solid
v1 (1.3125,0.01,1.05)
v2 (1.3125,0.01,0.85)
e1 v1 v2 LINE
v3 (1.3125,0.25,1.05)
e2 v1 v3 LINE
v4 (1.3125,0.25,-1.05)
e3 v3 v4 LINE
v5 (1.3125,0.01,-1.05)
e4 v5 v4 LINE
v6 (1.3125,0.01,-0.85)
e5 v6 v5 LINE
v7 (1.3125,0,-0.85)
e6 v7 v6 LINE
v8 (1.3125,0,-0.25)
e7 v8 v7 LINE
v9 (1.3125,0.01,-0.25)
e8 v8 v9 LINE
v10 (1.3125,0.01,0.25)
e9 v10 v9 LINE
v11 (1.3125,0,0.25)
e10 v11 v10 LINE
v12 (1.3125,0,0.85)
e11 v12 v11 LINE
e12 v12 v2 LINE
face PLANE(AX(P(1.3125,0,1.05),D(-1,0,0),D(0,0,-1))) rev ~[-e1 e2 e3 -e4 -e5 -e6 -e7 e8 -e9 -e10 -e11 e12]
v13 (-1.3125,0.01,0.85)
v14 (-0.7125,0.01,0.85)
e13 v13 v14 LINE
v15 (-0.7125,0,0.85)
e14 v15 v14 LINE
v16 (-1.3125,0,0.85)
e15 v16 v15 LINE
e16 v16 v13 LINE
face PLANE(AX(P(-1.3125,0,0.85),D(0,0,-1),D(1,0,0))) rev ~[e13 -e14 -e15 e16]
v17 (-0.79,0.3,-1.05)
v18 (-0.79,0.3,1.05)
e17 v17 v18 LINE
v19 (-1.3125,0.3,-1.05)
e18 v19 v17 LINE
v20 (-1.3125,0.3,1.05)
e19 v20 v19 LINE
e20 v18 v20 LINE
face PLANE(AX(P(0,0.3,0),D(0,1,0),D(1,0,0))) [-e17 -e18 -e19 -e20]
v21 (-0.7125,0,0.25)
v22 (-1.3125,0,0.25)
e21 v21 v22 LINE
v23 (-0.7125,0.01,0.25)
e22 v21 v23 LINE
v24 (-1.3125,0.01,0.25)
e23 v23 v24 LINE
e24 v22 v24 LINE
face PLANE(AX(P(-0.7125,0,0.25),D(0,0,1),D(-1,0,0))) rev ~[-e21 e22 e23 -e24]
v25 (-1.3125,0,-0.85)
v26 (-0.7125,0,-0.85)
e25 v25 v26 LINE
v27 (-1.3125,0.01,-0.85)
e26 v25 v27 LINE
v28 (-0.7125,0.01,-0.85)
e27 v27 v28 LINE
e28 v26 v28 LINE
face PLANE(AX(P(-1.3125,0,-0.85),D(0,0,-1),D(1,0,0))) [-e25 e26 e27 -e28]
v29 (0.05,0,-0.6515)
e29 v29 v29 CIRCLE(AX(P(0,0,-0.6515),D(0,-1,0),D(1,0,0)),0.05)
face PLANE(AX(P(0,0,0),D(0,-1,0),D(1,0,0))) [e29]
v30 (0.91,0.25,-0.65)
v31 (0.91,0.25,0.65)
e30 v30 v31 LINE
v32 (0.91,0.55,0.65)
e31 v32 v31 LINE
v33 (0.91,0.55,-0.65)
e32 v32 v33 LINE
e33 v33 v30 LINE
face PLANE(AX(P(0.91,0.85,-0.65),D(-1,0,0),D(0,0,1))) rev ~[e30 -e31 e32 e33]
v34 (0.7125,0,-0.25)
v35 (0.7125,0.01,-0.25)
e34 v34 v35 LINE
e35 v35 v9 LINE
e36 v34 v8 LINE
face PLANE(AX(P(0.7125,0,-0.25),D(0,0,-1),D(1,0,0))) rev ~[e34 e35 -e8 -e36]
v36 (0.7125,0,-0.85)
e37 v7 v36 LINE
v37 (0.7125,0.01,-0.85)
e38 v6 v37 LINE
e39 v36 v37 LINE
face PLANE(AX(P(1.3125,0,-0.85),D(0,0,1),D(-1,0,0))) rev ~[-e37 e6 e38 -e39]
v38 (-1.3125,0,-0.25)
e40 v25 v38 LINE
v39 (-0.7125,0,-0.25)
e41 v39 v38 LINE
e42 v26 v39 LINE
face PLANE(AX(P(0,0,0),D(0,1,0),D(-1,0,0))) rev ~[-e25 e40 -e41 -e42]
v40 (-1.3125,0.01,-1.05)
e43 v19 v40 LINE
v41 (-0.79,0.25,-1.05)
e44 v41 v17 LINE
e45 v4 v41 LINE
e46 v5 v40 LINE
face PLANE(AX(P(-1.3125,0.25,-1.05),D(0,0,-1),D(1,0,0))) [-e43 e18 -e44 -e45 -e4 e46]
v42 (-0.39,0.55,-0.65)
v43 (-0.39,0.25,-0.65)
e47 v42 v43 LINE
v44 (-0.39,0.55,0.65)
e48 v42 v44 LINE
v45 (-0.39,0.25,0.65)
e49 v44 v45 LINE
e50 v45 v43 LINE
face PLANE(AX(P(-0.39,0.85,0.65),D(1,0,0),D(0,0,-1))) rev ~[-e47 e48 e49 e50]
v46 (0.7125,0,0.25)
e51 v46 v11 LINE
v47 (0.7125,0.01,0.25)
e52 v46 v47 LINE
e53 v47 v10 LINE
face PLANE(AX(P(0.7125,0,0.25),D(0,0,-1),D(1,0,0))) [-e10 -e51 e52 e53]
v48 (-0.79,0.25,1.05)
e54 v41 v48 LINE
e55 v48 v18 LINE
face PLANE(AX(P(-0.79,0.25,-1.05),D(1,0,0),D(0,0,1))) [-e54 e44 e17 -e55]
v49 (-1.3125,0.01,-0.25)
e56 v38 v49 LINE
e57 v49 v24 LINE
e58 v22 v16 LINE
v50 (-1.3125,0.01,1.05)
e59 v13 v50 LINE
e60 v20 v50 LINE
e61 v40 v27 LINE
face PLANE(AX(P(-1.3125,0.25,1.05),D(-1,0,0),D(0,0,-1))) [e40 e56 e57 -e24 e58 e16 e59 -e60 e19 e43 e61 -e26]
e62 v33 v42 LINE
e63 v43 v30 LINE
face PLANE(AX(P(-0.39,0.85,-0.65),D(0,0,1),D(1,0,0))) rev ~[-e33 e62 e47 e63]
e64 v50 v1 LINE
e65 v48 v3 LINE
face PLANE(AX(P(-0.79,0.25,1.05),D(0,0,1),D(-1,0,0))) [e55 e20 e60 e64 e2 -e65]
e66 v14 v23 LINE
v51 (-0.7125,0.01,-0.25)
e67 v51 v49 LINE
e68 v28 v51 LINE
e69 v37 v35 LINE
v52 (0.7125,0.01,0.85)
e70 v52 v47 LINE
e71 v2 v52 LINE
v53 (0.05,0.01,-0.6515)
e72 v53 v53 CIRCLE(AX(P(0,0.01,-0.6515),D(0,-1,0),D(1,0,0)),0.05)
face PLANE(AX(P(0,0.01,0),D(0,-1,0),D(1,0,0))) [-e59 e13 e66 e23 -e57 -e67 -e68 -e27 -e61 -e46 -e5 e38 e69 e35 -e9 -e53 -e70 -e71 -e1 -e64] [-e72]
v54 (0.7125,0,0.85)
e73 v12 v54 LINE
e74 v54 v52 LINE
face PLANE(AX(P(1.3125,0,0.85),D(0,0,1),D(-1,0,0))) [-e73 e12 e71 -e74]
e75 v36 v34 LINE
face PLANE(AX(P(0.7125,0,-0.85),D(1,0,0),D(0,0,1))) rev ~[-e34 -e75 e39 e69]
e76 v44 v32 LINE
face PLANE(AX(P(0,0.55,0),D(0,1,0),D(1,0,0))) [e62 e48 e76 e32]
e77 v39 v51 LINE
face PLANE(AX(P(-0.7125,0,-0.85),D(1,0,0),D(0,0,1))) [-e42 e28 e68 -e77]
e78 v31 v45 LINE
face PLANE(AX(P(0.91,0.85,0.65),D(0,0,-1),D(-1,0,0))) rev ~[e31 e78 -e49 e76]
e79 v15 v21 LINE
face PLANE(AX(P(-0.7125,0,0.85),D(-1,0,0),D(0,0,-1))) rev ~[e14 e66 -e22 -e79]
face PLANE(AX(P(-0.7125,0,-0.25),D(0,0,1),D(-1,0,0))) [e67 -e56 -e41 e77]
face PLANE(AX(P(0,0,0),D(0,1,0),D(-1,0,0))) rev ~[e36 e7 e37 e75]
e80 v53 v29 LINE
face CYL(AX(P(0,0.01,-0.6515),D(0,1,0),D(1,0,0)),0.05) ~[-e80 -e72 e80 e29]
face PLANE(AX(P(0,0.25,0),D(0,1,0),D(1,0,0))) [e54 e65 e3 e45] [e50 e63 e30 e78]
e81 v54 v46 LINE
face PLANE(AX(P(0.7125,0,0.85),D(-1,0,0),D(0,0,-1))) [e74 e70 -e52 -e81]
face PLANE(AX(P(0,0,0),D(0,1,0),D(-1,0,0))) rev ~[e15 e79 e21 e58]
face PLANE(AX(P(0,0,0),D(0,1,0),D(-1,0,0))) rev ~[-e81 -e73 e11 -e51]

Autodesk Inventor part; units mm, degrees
ref_plane "YZ Plane" through (0, 0, 0) normal (1, 0, 0) x (0, 1, 0)
ref_plane "XZ Plane" through (0, 0, 0) normal (0, 1, 0) x (-1, 0, 0)
ref_plane "XY Plane" through (0, 0, 0) normal (0, 0, 1) x (1, 0, 0)
sketch "Sketch1" plane through (0, 0, 0) normal (0, 1, 0) x (-1, 0, 0)
  line L0 (1.3125, 1.05) -> (-1.3125, 1.05)
  line L1 (-1.3125, 1.05) -> (-1.3125, -1.05)
  line L2 (-1.3125, -1.05) -> (1.3125, -1.05)
  line L3 (1.3125, -1.05) -> (1.3125, 1.05)
  line L4 (1.3125, 1.05) -> (-1.3125, -1.05) construction
  line L5 (-1.3125, 1.05) -> (1.3125, -1.05) construction
  point P0 (0, 0)
  dimension "d0" = 2.625
  dimension "d1" = 2.1
extrude "Extrusion1" add sketch "Sketch1" along normal blind 0.85
sketch "Sketch2" plane through (0, 0.85, 0) normal (0, 1, 0) x (1, 0, 0)
  line L0 (-0.39, -0.65) -> (0.91, -0.65)
  line L1 (0.91, -0.65) -> (0.91, 0.65)
  line L2 (0.91, 0.65) -> (-0.39, 0.65)
  line L3 (-0.39, 0.65) -> (-0.39, -0.65)
  line L4 (-0.39, -0.65) -> (0.91, 0.65) construction
  line L5 (0.91, -0.65) -> (-0.39, 0.65) construction
  line L6 (-1.3125, -1.05) -> (1.3125, -1.05) projected
  line L7 (1.3125, -1.05) -> (1.3125, 1.05) projected
  line L8 (1.3125, 1.05) -> (-1.3125, 1.05) projected
  line L9 (-1.3125, 1.05) -> (-1.3125, -1.05) projected
  point P0 (0, 0)
  point P1 (0.26, 0)
  dimension "d4" = 0.26
  dimension "d5" = 1.3
  dimension "d6" = 1.3
  dimension "d7" = 0
extrude "Extrusion2" cut sketch "Sketch2" against normal blind 0.3 contours L3 L2 L1 L0
sketch "Sketch3" plane through (0, 0.85, 0) normal (0, 1, 0) x (1, 0, 0)
  line L0 (0.91, 0.65) -> (0.91, -0.65) projected
  line L1 (0.91, -0.65) -> (-0.39, -0.65) projected
  line L2 (-0.39, -0.65) -> (-0.39, 0.65) projected
  line L3 (-0.39, 0.65) -> (0.91, 0.65) projected
  line L4 (-1.3125, -1.05) -> (1.3125, -1.05) projected
  line L5 (1.3125, -1.05) -> (1.3125, 1.05) projected
  line L6 (1.3125, 1.05) -> (-1.3125, 1.05) projected
  line L7 (-1.3125, 1.05) -> (-1.3125, -1.05) projected
  point P0 (0, 0)
extrude "Extrusion3" cut sketch "Sketch3" against normal blind 0.6
sketch "Sketch4" plane through (0, 0.25, 0) normal (0, 1, 0) x (1, 0, 0)
  line L0 (0.91, 0.65) -> (-0.39, 0.65) projected
  line L1 (0.91, -0.65) -> (0.91, 0.65) projected
  line L2 (-0.39, -0.65) -> (0.91, -0.65) projected
  line L3 (-0.39, 0.65) -> (-0.39, -0.65) projected
  line L4 (1.3125, -1.05) -> (-1.3125, -1.05) projected
  line L5 (1.3125, 1.05) -> (1.3125, -1.05) projected
  line L6 (-1.3125, 1.05) -> (1.3125, 1.05) projected
  line L7 (-1.3125, -1.05) -> (-1.3125, 1.05) projected
  line L8 (1.3125, 1.05) -> (-1.3125, 1.05) projected
  line L9 (-0.79, 1.05) -> (-0.79, -1.05)
  line L10 (1.3125, -1.05) -> (-1.3125, -1.05) projected
  point P0 (0, 0)
  dimension "d12" = 0.4
extrude "Extrusion4" add sketch "Sketch4" along normal blind 0.05 contours L4 L7 L6 L9
sketch "Sketch5" plane through (0, 0, 0) normal (0, -1, 0) x (1, 0, 0)
  line L0 (-1.3125, 1.05) -> (1.3125, 1.05) projected
  line L1 (-1.3125, -1.05) -> (-1.3125, 1.05) projected
  line L2 (1.3125, -1.05) -> (-1.3125, -1.05) projected
  line L3 (1.3125, 1.05) -> (1.3125, -1.05) projected
  line L4 (1.3125, -1.05) -> (1.3125, 1.05) projected
  line L5 (1.3125, 0.85) -> (0.7125, 0.85)
  line L6 (0.7125, 0.85) -> (0.7125, 0.25)
  line L7 (0.7125, 0.25) -> (1.3125, 0.25)
  line L8 (1.3125, 0.25) -> (1.3125, 0.85)
  line L9 (1.3125, 0) -> (-1.3125, 0) construction
  line L10 (1.3125, 1.05) -> (-0.79, 1.05) projected
  line L11 (0, 1.05) -> (0, -1.05) construction
  line L12 (1.3125, -0.85) -> (0.7125, -0.85)
  line L13 (0.7125, -0.85) -> (0.7125, -0.25)
  line L14 (0.7125, -0.25) -> (1.3125, -0.25)
  line L15 (1.3125, -0.25) -> (1.3125, -0.85)
  line L16 (-1.3125, 1.05) -> (-1.3125, -1.05)
  line L17 (-1.3125, -1.05) -> (-1.3125, 1.05)
  line L18 (-1.3125, 0.85) -> (-0.7125, 0.85)
  line L19 (-0.7125, 0.85) -> (-0.7125, 0.25)
  line L20 (-0.7125, 0.25) -> (-1.3125, 0.25)
  line L21 (-1.3125, 0.25) -> (-1.3125, 0.85)
  line L22 (-1.3125, -0.85) -> (-0.7125, -0.85)
  line L23 (-0.7125, -0.85) -> (-0.7125, -0.25)
  line L24 (-0.7125, -0.25) -> (-1.3125, -0.25)
  line L25 (-1.3125, -0.25) -> (-1.3125, -0.85)
  point P0 (0, 0)
  dimension "d15" = 0.25
  dimension "d16" = 0.6
  dimension "d17" = 0.6
extrude "Extrusion5" cut sketch "Sketch5" against normal blind 0.01 contours L0 L3 L5 L6 L7 L14 L13 L12 L2 L1 L22 L23 L24 L20 L19 L18
sketch "Sketch6" plane through (0, 0.01, 0) normal (0, -1, 0) x (1, 0, 0)
  circle A0 centre (0, -0.6515) radius 0.05
  point P0 (0, 0)
  dimension "d20" = 0.1
extrude "Extrusion6" add sketch "Sketch6" along normal up to surface (0.01 mm away)
properties part number "mppc" material "ABS Plastic"
